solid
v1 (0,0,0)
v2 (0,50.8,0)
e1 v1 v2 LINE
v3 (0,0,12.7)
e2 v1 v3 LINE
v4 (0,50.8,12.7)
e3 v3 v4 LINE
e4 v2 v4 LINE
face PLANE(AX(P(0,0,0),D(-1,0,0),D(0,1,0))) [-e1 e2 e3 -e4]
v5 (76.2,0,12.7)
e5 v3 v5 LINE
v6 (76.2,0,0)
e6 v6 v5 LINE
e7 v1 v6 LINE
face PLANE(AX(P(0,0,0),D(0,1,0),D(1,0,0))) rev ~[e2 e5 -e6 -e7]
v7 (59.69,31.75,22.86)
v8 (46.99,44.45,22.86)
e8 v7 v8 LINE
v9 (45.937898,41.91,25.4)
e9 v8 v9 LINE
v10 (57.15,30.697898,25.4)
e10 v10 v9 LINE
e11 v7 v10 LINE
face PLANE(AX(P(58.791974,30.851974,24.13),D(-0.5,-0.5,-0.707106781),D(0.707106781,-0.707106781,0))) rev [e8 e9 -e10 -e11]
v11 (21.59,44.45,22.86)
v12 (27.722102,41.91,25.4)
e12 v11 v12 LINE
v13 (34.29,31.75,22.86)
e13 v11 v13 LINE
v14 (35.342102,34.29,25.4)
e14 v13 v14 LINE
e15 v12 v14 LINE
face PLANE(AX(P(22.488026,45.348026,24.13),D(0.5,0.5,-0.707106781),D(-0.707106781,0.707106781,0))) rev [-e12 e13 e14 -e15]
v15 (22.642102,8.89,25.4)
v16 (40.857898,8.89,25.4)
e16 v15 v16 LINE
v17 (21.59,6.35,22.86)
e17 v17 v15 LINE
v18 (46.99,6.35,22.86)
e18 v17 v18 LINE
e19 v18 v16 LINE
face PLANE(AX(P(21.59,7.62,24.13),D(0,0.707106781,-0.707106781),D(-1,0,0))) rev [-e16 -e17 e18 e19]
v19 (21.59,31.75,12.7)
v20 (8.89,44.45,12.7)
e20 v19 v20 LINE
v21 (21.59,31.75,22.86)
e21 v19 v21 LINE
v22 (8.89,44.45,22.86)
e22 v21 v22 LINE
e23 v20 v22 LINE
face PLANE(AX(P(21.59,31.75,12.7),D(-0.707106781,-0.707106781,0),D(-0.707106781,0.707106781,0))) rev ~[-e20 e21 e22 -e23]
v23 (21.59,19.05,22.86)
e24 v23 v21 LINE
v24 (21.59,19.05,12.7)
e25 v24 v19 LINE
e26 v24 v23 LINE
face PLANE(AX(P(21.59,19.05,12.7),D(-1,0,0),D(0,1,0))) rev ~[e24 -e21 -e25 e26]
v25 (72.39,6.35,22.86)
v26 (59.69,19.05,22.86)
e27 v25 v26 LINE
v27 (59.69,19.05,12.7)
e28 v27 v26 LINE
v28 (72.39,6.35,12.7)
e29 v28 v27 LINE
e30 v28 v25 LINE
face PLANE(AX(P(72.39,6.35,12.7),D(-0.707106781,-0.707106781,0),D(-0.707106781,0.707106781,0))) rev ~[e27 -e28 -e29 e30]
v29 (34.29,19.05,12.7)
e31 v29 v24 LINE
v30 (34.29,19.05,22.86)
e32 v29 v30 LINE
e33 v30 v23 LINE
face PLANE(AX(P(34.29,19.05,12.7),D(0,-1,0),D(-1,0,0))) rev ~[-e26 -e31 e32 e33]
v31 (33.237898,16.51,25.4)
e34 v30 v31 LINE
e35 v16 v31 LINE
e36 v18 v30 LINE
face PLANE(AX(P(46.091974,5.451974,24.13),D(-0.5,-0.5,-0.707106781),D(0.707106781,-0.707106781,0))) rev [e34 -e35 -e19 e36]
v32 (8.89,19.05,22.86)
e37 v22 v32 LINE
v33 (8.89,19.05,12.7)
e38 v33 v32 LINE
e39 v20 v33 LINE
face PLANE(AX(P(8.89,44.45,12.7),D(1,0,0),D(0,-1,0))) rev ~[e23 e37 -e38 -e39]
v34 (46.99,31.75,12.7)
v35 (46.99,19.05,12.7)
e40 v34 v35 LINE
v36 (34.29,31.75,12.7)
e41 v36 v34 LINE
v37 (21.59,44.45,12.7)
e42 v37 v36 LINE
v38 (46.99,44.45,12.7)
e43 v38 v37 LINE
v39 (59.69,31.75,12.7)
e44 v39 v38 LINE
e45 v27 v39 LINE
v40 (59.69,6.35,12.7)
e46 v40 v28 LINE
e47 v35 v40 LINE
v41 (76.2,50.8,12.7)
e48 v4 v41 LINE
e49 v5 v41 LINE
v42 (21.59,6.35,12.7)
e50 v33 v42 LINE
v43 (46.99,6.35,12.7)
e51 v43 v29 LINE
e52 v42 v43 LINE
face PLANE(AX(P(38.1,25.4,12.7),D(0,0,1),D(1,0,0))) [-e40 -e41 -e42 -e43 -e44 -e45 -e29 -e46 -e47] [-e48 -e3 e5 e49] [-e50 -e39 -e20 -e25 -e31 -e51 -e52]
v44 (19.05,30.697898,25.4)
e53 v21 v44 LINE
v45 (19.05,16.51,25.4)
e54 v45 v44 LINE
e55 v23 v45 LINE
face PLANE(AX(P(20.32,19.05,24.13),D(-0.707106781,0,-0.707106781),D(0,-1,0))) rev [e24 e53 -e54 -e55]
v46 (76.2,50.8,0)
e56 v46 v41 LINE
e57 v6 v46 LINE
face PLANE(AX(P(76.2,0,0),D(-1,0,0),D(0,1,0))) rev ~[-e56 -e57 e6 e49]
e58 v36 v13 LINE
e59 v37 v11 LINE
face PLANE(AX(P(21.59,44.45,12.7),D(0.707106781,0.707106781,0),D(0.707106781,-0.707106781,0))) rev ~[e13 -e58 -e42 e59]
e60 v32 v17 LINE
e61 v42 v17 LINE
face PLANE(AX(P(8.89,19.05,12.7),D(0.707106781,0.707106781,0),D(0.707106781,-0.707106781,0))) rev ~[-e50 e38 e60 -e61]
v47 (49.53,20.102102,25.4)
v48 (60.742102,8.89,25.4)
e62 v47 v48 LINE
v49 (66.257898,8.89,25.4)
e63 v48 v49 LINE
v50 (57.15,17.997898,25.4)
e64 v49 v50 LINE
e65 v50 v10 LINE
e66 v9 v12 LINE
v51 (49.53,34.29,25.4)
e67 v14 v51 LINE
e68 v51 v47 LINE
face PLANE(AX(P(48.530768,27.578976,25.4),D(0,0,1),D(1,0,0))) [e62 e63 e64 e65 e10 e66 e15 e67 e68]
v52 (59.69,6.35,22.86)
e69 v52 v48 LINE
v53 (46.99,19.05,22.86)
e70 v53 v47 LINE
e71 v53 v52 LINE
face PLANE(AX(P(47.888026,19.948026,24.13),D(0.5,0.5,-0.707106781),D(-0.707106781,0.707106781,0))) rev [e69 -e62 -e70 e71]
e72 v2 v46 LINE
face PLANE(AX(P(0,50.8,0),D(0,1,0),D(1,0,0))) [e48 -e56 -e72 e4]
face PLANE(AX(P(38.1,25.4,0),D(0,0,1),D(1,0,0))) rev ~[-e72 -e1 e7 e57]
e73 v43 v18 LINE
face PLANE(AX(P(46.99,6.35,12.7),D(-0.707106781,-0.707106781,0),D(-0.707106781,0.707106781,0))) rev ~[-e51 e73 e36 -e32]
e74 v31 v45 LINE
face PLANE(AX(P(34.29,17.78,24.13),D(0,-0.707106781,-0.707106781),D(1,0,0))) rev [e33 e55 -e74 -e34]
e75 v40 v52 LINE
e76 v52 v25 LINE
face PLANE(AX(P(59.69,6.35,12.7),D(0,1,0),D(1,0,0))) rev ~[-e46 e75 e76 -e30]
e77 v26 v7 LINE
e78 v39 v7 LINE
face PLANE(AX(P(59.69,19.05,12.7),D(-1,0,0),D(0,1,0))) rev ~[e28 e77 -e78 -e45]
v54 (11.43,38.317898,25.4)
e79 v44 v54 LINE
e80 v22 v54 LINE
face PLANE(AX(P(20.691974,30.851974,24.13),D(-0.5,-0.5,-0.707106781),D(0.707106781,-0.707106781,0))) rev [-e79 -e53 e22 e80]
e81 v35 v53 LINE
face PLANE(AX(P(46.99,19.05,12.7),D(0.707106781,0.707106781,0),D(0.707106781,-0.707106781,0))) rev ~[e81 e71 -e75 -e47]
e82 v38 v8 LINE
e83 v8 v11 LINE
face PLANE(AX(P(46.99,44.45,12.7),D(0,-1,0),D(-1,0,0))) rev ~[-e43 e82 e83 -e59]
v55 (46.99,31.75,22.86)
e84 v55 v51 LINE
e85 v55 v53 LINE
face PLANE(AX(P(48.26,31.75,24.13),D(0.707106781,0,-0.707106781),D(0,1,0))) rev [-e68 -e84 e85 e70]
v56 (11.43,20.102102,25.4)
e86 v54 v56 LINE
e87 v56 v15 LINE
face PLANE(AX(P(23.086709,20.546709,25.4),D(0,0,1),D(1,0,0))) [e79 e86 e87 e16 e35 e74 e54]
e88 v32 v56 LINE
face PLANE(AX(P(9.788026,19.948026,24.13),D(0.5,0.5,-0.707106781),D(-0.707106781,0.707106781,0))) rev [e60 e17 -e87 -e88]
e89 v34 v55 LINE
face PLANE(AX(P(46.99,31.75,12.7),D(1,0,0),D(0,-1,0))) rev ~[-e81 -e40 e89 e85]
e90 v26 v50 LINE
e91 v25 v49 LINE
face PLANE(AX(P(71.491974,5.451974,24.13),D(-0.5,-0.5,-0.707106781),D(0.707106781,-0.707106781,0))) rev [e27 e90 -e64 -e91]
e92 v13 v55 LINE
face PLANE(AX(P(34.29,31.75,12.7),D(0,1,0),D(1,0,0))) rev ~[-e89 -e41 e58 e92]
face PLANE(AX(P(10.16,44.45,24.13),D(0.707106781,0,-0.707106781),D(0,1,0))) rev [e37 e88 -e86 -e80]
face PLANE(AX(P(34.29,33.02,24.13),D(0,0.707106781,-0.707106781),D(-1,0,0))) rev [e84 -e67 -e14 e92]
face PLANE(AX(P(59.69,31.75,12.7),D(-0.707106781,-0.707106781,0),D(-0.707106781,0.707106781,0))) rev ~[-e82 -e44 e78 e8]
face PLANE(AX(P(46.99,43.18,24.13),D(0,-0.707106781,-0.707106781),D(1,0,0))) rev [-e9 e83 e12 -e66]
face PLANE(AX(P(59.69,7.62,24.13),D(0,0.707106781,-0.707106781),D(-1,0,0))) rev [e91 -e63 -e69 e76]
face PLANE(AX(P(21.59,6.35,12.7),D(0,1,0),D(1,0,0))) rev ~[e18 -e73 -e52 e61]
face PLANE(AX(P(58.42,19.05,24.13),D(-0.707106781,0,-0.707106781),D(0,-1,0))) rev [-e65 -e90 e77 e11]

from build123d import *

# Parameters (mm, degrees)
F0_W     = 76.2
F0_H     = 50.8
F1_DEPTH = 25.4
F2_W     = 76.2
F2_H     = 50.8
F3_DEPTH = 12.7
F5_DEPTH = 12.7
F6_SIZE  = 2.54


with BuildPart() as f1:
    # F0 (on Top) → F1 (new body)
    with BuildSketch(Plane.XY):
        with Locations((38.1, 25.4)):
            Rectangle(F0_W, F0_H)
    extrude(amount=F1_DEPTH)

    # F2 (on face) → F3 (cut)
    with BuildSketch(Plane.XY.offset(25.4)):
        with Locations((38.1, 25.4)):
            Rectangle(F2_W, F2_H)
    extrude(amount=-F3_DEPTH, mode=Mode.SUBTRACT)

    # F4 (on face) → F5 (join)
    with BuildSketch(Plane.XY.offset(12.7)):
        Polygon((21.59, 31.75), (8.89, 44.45), (8.89, 31.75), (8.89, 19.05), (21.59, 6.35), (34.29, 6.35), (46.99, 6.35), (34.29, 19.05), (21.59, 19.05), align=None)
        Polygon((46.99, 19.05), (59.69, 6.35), (72.39, 6.35), (59.69, 19.05), (59.69, 31.75), (46.99, 44.45), (34.29, 44.45), (21.59, 44.45), (34.29, 31.75), (46.99, 31.75), align=None)
    extrude(amount=F5_DEPTH)

    # F6
    f6_edges = [f1.edges().sort_by_distance(p)[0] for p in [
        (15.24, 12.7, 25.4),
        (8.89, 31.75, 25.4),
        (15.24, 38.1, 25.4),
        (21.59, 25.4, 25.4),
        (27.94, 19.05, 25.4),
        (40.64, 12.7, 25.4),
        (34.29, 6.35, 25.4),
        (53.34, 12.7, 25.4),
        (66.04, 12.7, 25.4),
        (66.04, 6.35, 25.4),
        (46.99, 25.4, 25.4),
        (53.34, 38.1, 25.4),
        (27.94, 38.1, 25.4),
        (34.29, 44.45, 25.4),
        (40.64, 31.75, 25.4),
        (59.69, 25.4, 25.4),
    ]]
    chamfer(f6_edges, length=F6_SIZE)


solid = f1.part
